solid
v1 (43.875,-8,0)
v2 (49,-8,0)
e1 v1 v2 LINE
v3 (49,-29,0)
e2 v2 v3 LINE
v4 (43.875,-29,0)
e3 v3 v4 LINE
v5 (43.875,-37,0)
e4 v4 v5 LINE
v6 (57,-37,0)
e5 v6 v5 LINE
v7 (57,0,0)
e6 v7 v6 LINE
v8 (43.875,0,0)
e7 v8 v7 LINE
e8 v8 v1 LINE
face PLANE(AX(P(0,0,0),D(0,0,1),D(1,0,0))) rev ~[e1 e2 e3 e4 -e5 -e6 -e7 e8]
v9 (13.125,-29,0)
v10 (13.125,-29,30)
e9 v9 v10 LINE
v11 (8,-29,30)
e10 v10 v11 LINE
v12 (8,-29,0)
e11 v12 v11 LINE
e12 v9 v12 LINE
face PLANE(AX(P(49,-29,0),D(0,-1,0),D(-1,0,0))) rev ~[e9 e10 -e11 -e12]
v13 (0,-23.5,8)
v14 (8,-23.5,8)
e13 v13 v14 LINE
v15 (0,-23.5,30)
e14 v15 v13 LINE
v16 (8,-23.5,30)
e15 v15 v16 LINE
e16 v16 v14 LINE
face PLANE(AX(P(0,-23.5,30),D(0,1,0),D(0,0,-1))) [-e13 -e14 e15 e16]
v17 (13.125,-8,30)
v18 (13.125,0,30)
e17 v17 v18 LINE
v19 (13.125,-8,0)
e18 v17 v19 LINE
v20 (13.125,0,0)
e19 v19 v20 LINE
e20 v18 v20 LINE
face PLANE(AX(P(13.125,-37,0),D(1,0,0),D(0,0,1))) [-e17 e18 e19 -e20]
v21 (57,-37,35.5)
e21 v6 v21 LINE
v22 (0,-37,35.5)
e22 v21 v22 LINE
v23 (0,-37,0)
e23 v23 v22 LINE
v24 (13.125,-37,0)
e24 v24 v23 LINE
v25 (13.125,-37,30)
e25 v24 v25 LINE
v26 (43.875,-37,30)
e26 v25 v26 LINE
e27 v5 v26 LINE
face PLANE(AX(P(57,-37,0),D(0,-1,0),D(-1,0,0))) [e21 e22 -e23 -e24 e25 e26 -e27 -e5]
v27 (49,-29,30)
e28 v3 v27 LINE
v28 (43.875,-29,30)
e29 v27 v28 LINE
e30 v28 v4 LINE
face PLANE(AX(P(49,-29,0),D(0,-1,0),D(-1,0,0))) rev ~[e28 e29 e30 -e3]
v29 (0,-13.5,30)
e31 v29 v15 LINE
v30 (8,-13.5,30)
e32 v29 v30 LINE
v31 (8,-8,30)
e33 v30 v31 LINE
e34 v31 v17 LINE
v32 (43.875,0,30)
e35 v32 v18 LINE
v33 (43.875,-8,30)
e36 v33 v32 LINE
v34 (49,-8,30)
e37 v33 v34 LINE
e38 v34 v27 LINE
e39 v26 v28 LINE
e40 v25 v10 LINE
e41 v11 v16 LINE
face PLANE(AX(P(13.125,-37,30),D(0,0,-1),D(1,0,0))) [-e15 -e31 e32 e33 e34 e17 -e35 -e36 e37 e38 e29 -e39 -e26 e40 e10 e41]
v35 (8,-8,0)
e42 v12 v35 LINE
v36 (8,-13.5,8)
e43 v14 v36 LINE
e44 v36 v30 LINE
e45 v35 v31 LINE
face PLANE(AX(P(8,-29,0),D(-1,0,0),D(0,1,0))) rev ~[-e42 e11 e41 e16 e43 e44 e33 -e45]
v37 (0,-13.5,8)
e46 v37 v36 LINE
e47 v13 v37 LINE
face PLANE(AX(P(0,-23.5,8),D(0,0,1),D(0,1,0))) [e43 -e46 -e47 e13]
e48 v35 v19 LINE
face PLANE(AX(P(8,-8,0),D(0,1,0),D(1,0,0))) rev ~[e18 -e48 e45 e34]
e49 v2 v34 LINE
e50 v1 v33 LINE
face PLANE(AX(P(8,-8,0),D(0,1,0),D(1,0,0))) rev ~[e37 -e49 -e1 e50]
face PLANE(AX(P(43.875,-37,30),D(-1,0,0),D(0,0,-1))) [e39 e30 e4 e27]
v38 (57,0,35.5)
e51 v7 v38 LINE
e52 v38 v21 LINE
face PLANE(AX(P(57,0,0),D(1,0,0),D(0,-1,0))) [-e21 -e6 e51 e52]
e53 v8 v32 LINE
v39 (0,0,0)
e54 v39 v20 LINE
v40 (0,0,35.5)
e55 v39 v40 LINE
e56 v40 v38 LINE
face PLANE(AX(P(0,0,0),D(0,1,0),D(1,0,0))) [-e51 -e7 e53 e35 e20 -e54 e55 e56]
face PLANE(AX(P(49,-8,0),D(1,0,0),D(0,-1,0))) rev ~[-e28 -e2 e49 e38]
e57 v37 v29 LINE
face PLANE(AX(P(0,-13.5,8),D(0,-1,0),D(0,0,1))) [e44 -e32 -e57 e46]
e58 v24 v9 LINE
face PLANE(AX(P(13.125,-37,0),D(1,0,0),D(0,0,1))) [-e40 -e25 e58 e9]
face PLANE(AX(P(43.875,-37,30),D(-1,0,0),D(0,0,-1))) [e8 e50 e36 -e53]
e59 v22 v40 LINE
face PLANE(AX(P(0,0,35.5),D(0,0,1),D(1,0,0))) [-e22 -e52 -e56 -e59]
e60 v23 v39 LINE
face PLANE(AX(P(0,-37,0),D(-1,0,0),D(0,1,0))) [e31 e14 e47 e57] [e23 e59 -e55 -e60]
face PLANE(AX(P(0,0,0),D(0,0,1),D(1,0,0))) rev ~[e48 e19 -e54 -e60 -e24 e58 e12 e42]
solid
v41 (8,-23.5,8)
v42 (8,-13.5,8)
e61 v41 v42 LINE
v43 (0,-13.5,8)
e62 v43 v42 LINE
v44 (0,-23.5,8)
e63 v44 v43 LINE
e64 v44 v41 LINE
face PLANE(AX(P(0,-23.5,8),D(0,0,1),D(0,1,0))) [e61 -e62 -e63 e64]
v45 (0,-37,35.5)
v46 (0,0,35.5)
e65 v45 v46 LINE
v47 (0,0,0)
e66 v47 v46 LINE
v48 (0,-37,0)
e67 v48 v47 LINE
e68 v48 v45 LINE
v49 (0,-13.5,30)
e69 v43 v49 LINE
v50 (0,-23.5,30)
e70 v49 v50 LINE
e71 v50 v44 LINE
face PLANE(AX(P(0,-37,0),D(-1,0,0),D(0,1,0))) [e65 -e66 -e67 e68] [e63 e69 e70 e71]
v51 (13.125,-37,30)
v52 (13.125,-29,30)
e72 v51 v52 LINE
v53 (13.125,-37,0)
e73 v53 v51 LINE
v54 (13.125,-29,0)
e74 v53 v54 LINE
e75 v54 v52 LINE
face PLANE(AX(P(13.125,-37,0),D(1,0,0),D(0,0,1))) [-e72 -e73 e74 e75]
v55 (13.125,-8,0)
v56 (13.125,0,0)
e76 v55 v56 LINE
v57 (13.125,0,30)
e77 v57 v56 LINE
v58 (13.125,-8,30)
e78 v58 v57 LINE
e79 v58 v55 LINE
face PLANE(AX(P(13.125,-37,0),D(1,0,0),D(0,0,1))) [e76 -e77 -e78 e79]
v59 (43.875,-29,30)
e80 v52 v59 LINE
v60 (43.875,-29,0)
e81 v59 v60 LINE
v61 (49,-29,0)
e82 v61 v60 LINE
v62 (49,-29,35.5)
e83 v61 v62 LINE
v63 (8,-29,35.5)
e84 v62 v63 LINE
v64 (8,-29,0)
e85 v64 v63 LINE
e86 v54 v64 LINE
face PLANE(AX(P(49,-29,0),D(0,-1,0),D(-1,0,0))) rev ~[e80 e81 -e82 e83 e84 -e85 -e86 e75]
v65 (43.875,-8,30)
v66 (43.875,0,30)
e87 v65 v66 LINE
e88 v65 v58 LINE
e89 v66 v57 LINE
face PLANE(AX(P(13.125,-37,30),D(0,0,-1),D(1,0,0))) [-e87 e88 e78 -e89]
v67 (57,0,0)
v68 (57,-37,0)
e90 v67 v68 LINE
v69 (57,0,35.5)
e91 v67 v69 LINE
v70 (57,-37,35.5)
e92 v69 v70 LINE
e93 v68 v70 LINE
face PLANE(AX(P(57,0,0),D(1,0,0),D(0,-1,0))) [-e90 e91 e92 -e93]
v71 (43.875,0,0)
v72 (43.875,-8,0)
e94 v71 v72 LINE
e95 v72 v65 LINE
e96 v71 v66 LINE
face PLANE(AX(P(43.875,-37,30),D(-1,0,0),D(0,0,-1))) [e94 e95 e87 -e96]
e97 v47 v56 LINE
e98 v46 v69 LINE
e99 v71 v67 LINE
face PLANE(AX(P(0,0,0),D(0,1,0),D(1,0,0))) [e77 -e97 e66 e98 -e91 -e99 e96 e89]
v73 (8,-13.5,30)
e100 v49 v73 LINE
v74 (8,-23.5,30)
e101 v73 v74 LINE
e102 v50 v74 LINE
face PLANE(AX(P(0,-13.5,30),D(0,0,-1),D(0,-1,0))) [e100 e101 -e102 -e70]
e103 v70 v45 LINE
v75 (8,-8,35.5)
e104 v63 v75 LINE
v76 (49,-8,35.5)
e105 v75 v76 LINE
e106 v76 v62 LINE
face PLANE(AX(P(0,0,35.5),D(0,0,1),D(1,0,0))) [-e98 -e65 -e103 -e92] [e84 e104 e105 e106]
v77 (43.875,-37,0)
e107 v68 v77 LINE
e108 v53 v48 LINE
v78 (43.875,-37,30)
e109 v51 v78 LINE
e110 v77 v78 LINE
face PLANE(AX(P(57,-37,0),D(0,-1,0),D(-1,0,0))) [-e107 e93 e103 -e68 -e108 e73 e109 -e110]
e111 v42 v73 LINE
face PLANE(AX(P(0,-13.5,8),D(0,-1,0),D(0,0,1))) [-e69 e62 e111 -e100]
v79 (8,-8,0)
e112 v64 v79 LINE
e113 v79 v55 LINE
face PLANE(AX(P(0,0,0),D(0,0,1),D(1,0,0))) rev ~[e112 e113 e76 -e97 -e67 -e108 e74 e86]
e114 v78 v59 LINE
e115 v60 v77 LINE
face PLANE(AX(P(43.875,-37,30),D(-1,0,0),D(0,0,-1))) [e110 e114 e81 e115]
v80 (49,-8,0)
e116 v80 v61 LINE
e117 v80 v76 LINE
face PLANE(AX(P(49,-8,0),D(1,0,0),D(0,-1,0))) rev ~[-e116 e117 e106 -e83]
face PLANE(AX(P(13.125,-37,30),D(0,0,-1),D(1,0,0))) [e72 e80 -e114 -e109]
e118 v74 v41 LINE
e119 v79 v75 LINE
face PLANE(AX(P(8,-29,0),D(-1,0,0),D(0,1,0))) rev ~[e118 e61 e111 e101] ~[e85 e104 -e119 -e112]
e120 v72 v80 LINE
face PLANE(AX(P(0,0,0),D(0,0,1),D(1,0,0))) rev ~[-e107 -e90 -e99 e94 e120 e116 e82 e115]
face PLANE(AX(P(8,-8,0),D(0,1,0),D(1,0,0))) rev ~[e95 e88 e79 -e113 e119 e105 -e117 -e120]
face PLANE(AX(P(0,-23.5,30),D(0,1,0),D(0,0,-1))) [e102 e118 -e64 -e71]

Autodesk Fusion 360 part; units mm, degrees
sketch "Sketch1" plane through (0, 0, 0) normal (0, 0, 1) x (1, 0, 0)
  line L0 (0, 0) -> (57, 0)
  line L1 (57, 0) -> (57, -37)
  line L2 (57, -37) -> (0, -37)
  line L3 (0, -37) -> (0, 0)
  line L4 (8, -8) -> (49, -8)
  line L5 (49, -8) -> (49, -29)
  line L6 (49, -29) -> (8, -29)
  line L7 (8, -29) -> (8, -8)
  dimension "d7" = 57
  dimension "d8" = 37
  dimension "d15" = 21
  dimension "d16" = 41
  dimension "d17" = 8
  dimension "d18" = 8
extrude "Extrude2" add sketch "Sketch1" along normal blind 35.5 makes body 1
extrude "Extrude1" add sketch "Sketch1" along normal blind 35.5 separate body contours L0 L1 L2 L3 | L4 L5 L6 L7 makes body 2
extrude "Extrude3" cut sketch "Sketch1" along normal blind 30 contours L4 L5 L6 L7 bodies 2
sketch "Sketch3" plane through (0, -37, 0) normal (0, -1, 0) x (1, 0, 0)
  line L0 (0, 0) -> (57, 0)
  line L1 (57, 0) -> (57, 35.5)
  line L2 (57, 35.5) -> (0, 35.5)
  line L3 (0, 35.5) -> (0, 0)
  line L4 (13.125, 30) -> (43.875, 30)
  line L5 (43.875, 30) -> (43.875, -5.5)
  line L6 (43.875, -5.5) -> (13.125, -5.5)
  line L7 (13.125, -5.5) -> (13.125, 30)
  dimension "d26" = 30.75
  dimension "d27" = 35.5
  dimension "d28" = 5.5
  dimension "d32" = 13.125
extrude "Extrude4" cut sketch "Sketch3" against normal blind 100 contours L0 L4 L5 L7 | L0 L5 L6 L7 bodies 1 2
sketch "Sketch4" plane through (0, 0, 0) normal (-1, 0, 0) x (0, -1, 0)
  line L0 (0, 0) -> (37, 0)
  line L1 (37, 0) -> (37, 35.5)
  line L2 (37, 35.5) -> (0, 35.5)
  line L3 (0, 35.5) -> (0, 0)
  line L4 (13.5, 30) -> (23.5, 30)
  line L5 (23.5, 30) -> (23.5, 8)
  line L6 (23.5, 8) -> (13.5, 8)
  line L7 (13.5, 8) -> (13.5, 30)
  line L8 (37, 0) -> (0, 0)
  line L9 (37, -5.5) -> (37, 30)
  dimension "d36" = 10
  dimension "d37" = 22
  dimension "d40" = 13.5
  dimension "d43" = 5.5
extrude "Extrude5" cut sketch "Sketch4" against normal blind 13 contours L4 L5 L6 L7 bodies 1 2
equation "bottom_thickness = 5.5 mm"
equation "side_thickness = 8 mm"
equation "outer_width = 37 mm"
equation "height = 30 mm + bottom_thickness"
equation "outer_length = 57 mm"
equation "inner_length = outer_length - 2 * side_thickness"
equation "d7 = outer_length"
equation "d8 = outer_width"
equation "d9 = height"
equation "inner_width = outer_width - 2 * side_thickness"
equation "d15 = inner_width"
equation "d16 = inner_length"
equation "d17 = side_thickness"
equation "d18 = side_thickness"
equation "d19 = height"
equation "d21 = height - bottom_thickness"
equation "big_side_gap = 3 * inner_length / 4"
equation "big_side_gap_distance = ( outer_length - big_side_gap ) / 2"
equation "extra = 100 mm"
equation "d26 = big_side_gap"
equation "d27 = height"
equation "d28 = bottom_thickness"
equation "d30 = -extra"
equation "d32 = big_side_gap_distance"
equation "small_side_gap_width = 22 mm"
equation "small_side_gap_length = 10 mm"
equation "small_side_gap_depth = side_thickness + 5 mm"
equation "d36 = small_side_gap_length"
equation "d37 = small_side_gap_width"
equation "small_side_gap_distance = ( outer_width - small_side_gap_length ) / 2"
equation "d40 = small_side_gap_distance"
equation "d41 = -small_side_gap_depth"
equation "d43 = bottom_thickness"
equation "cable_dent = 5 mm"
